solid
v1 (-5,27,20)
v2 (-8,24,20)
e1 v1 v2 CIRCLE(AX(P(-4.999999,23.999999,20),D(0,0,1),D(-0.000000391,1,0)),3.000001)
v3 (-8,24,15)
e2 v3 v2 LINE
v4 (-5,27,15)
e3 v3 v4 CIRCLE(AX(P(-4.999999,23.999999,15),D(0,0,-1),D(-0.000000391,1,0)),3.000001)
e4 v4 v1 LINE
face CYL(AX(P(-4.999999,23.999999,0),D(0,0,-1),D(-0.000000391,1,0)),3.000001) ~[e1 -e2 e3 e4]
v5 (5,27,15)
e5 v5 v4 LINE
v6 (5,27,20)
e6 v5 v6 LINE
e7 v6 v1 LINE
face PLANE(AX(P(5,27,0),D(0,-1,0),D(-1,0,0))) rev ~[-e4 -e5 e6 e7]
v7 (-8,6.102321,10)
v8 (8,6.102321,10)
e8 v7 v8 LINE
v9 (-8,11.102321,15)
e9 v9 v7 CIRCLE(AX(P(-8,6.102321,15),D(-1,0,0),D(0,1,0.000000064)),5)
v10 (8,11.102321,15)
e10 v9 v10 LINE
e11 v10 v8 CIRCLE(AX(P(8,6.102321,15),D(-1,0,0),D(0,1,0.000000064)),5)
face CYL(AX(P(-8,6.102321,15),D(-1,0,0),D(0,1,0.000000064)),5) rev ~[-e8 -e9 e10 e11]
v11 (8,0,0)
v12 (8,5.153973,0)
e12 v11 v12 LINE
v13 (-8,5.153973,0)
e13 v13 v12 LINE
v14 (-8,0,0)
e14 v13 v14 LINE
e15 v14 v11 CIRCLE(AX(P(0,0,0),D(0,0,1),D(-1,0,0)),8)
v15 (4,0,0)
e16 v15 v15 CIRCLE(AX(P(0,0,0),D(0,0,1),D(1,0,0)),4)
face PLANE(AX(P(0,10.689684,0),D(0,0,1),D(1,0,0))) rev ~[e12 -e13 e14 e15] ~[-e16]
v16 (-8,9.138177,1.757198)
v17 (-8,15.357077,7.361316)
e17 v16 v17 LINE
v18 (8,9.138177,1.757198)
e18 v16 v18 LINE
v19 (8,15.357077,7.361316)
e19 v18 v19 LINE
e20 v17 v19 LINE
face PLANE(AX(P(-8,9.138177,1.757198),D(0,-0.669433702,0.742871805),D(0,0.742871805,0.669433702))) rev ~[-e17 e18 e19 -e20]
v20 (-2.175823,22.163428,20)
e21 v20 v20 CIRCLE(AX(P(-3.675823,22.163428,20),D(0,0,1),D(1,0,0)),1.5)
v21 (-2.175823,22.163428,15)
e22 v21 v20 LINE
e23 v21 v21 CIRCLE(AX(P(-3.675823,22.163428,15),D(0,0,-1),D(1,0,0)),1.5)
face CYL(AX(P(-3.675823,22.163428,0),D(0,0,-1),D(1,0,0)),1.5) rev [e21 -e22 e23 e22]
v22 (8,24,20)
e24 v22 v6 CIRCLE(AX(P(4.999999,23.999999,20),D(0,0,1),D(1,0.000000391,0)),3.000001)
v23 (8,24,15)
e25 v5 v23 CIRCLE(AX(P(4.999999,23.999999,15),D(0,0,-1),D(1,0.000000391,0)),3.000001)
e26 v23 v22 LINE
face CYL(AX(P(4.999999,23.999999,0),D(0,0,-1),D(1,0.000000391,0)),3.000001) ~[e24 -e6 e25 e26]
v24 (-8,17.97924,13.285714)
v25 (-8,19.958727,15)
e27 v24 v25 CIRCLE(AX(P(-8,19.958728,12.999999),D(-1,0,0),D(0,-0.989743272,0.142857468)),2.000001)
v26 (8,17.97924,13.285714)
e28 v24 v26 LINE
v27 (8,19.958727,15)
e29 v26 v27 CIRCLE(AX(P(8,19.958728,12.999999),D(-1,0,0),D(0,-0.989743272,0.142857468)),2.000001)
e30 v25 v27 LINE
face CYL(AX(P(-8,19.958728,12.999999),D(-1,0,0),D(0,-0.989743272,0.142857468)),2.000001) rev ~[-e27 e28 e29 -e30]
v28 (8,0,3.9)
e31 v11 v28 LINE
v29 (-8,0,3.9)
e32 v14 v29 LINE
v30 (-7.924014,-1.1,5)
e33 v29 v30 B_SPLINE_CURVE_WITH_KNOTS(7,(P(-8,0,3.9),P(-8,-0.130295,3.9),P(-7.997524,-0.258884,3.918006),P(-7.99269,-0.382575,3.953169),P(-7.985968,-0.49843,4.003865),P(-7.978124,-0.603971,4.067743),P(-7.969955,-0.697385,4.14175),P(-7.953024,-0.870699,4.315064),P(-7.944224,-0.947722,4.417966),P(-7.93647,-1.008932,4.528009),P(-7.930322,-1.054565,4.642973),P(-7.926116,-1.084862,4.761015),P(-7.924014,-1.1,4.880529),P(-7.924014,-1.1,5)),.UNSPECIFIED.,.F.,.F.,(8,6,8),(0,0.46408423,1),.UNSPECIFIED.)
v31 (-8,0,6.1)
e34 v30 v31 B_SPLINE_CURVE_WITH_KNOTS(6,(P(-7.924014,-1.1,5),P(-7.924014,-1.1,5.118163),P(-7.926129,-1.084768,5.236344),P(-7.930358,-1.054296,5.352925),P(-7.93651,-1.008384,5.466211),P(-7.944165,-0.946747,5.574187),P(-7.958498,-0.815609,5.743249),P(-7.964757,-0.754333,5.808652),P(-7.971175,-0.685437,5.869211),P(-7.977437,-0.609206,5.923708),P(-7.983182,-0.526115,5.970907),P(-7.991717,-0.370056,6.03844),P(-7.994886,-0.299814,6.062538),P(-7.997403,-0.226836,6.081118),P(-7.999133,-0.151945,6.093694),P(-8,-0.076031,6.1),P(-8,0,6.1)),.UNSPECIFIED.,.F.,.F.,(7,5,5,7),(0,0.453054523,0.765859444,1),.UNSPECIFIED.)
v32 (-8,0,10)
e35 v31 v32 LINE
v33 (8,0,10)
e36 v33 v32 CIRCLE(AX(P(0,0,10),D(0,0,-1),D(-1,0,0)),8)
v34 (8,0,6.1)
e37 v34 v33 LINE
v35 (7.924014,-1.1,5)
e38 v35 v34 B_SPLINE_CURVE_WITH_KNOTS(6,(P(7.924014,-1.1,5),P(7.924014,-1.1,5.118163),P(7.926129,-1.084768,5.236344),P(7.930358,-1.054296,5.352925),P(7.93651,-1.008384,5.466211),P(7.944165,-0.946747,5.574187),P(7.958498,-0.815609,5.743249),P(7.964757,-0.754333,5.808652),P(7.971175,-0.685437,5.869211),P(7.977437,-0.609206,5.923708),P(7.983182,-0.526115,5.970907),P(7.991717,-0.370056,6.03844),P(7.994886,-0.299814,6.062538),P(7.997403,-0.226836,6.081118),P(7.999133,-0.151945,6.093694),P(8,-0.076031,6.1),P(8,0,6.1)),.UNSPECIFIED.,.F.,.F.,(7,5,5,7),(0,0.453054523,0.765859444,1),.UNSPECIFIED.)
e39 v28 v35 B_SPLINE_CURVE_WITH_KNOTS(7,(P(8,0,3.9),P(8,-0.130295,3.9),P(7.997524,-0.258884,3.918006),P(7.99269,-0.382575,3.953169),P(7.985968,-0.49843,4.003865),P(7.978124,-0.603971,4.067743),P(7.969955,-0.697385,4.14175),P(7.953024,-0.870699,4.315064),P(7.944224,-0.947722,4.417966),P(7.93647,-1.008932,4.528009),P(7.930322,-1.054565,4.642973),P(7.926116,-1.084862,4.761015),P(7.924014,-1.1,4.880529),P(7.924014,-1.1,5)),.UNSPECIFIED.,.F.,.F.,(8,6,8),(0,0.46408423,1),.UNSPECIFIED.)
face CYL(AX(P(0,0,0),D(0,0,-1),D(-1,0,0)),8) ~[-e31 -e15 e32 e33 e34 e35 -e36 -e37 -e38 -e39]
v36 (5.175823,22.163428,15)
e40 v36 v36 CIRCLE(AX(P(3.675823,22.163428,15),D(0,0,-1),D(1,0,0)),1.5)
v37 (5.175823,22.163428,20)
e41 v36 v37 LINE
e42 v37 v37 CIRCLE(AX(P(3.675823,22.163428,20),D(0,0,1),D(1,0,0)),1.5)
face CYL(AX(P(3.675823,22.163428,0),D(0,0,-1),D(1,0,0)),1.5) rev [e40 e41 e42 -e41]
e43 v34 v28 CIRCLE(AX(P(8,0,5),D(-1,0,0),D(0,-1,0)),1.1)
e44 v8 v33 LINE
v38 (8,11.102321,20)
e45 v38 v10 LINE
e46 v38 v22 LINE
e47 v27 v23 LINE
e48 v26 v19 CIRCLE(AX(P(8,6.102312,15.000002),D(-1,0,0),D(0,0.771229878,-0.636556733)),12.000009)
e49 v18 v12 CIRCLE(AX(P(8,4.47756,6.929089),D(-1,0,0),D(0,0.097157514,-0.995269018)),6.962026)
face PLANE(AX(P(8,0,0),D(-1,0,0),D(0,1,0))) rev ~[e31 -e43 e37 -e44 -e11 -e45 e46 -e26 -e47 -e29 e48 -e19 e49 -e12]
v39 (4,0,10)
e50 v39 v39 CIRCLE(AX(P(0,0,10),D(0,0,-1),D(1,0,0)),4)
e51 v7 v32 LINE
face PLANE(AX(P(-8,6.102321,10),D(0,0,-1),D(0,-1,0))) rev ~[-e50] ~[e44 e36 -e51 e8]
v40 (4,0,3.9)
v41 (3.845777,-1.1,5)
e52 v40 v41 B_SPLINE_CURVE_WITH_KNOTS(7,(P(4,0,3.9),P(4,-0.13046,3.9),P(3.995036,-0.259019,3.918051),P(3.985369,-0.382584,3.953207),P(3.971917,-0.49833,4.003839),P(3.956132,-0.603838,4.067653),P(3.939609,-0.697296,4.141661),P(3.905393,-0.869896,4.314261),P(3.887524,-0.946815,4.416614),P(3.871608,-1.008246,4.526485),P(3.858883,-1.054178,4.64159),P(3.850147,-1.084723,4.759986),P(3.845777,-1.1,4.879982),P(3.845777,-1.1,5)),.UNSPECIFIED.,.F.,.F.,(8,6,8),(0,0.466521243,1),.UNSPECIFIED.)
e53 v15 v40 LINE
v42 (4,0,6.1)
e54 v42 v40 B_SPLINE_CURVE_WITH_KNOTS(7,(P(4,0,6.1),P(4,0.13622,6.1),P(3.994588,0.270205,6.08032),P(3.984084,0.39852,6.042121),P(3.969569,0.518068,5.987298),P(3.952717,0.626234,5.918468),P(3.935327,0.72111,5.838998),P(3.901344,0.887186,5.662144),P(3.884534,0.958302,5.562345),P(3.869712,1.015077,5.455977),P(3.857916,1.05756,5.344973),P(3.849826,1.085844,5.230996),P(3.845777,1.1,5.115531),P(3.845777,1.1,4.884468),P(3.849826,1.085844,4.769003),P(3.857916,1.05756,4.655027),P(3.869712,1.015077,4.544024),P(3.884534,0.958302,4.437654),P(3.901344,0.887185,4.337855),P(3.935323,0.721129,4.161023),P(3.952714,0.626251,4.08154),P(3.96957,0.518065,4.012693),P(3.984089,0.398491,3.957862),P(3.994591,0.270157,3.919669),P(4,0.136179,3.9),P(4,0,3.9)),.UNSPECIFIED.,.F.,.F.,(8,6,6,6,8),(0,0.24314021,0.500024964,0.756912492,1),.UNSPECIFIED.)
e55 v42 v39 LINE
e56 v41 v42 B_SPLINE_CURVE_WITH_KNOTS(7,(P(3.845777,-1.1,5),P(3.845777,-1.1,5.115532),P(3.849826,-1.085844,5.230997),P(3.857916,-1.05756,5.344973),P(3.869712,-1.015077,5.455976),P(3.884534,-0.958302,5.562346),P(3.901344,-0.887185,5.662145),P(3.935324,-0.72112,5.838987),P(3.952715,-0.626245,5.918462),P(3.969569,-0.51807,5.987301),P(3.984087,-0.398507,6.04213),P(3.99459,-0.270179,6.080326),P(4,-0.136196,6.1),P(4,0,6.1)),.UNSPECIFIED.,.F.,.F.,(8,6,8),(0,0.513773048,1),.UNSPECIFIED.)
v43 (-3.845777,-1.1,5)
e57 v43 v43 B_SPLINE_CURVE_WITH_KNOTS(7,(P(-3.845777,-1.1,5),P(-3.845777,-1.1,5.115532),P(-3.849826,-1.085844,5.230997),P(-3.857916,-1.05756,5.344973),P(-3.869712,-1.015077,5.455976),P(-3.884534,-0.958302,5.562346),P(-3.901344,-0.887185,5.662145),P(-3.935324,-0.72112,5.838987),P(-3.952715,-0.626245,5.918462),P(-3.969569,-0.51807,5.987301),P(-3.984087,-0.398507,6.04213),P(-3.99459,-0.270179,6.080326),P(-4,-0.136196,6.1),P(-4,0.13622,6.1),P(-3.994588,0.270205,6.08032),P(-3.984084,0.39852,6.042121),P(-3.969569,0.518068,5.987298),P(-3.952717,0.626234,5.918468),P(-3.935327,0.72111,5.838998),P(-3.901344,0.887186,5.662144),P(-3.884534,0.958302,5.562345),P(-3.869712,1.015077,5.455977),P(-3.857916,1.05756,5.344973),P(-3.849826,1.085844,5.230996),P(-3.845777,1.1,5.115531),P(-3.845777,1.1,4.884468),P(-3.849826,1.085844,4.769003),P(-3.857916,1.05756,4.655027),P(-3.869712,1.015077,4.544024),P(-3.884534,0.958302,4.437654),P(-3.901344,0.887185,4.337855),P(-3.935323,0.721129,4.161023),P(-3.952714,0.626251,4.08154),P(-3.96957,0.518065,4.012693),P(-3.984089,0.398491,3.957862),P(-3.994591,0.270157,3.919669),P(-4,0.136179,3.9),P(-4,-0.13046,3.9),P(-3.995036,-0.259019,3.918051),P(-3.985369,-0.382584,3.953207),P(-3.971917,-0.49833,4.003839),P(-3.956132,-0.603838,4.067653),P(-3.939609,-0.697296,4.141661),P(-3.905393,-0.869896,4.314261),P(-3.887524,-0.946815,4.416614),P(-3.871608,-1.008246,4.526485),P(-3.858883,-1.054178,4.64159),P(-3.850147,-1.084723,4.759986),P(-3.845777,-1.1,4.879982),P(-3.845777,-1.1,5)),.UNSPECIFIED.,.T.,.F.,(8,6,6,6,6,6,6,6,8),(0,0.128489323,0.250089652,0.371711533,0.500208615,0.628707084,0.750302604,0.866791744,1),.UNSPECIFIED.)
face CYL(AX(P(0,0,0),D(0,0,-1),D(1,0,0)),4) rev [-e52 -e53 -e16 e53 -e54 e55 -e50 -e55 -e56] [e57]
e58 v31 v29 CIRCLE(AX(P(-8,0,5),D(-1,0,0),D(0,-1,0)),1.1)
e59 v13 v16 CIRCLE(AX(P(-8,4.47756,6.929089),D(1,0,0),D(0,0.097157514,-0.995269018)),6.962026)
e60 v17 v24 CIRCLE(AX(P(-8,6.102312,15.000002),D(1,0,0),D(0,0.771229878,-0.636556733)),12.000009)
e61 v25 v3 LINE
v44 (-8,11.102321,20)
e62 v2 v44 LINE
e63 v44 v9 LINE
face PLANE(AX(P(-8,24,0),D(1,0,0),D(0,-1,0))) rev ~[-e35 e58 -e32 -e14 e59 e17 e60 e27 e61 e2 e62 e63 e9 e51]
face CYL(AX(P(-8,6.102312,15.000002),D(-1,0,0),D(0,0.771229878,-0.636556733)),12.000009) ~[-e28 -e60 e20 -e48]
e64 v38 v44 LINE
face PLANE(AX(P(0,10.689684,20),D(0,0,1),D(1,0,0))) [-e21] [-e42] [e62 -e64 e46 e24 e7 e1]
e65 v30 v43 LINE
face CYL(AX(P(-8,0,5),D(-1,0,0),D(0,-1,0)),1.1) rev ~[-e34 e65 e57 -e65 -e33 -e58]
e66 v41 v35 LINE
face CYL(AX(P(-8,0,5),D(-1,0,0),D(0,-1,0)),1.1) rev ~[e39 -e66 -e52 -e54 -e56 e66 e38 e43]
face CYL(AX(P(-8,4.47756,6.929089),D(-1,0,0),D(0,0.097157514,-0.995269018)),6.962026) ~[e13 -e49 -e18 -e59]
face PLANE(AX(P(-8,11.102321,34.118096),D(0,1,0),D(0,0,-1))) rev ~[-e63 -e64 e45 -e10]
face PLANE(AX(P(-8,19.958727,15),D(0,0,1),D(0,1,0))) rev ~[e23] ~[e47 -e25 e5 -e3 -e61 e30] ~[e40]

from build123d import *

# Parameters (mm, degrees)
F0_R     = 4
F0_R_2   = 1.5
F1_DEPTH = 20
F3_R     = 1.1
F4_DEPTH = 16.001


with BuildPart() as f1:
    # F0 (on Top) → F1 (new body)
    with BuildSketch(Plane.XY):
        with BuildLine():
            ThreePointArc((-8, 0), (0, -8), (8, 0))
            Line((8, 0), (8, 24))
            ThreePointArc((8, 24), (7.12132, 26.12132), (5, 27))
            Line((5, 27), (-5, 27))
            ThreePointArc((-5, 27), (-7.12132, 26.12132), (-8, 24))
            Line((-8, 24), (-8, 0))
        make_face()
        Circle(F0_R, mode=Mode.SUBTRACT)
        with Locations((-3.675823, 22.163428)):
            Circle(F0_R_2, mode=Mode.SUBTRACT)
        with Locations((3.675823, 22.163428)):
            Circle(F0_R_2, mode=Mode.SUBTRACT)
    extrude(amount=F1_DEPTH)

    # F3 (on face) → F4 (cut, through all)
    with BuildSketch(Plane(origin=(-8, 0, 0), x_dir=(0, -1, 0), z_dir=(-1, 0, 0))):
        with BuildLine():
            Line((15.480949, 34.118096), (-11.102321, 34.118096))
            Line((-11.102321, 34.118096), (-11.102321, 15))
            ThreePointArc((-11.102321, 15), (-9.637855, 11.464466), (-6.102321, 10))
            Line((-6.102321, 10), (15.473341, 10))
            Line((15.473341, 10), (15.480949, 34.118096))
        make_face()
        with BuildLine():
            Line((-19.958727, 15), (-48.31529, 15))
            Line((-48.31529, 15), (-48.31529, 0))
            Line((-48.31529, 0), (-48.31529, -8.176547))
            Line((-48.31529, -8.176547), (-5.153973, -8.176547))
            Line((-5.153973, -8.176547), (-5.153973, 0))
            ThreePointArc((-5.153973, 0), (-7.286992, 0.559089), (-9.138177, 1.757198))
            Line((-9.138177, 1.757198), (-15.357077, 7.361316))
            ThreePointArc((-15.357077, 7.361316), (-17.07554, 10.143206), (-17.97924, 13.285714))
            ThreePointArc((-17.97924, 13.285714), (-18.64942, 14.511858), (-19.958727, 15))
        make_face()
        with Locations((0, 5)):
            Circle(F3_R)
    extrude(amount=-F4_DEPTH, mode=Mode.SUBTRACT)


solid = f1.part
